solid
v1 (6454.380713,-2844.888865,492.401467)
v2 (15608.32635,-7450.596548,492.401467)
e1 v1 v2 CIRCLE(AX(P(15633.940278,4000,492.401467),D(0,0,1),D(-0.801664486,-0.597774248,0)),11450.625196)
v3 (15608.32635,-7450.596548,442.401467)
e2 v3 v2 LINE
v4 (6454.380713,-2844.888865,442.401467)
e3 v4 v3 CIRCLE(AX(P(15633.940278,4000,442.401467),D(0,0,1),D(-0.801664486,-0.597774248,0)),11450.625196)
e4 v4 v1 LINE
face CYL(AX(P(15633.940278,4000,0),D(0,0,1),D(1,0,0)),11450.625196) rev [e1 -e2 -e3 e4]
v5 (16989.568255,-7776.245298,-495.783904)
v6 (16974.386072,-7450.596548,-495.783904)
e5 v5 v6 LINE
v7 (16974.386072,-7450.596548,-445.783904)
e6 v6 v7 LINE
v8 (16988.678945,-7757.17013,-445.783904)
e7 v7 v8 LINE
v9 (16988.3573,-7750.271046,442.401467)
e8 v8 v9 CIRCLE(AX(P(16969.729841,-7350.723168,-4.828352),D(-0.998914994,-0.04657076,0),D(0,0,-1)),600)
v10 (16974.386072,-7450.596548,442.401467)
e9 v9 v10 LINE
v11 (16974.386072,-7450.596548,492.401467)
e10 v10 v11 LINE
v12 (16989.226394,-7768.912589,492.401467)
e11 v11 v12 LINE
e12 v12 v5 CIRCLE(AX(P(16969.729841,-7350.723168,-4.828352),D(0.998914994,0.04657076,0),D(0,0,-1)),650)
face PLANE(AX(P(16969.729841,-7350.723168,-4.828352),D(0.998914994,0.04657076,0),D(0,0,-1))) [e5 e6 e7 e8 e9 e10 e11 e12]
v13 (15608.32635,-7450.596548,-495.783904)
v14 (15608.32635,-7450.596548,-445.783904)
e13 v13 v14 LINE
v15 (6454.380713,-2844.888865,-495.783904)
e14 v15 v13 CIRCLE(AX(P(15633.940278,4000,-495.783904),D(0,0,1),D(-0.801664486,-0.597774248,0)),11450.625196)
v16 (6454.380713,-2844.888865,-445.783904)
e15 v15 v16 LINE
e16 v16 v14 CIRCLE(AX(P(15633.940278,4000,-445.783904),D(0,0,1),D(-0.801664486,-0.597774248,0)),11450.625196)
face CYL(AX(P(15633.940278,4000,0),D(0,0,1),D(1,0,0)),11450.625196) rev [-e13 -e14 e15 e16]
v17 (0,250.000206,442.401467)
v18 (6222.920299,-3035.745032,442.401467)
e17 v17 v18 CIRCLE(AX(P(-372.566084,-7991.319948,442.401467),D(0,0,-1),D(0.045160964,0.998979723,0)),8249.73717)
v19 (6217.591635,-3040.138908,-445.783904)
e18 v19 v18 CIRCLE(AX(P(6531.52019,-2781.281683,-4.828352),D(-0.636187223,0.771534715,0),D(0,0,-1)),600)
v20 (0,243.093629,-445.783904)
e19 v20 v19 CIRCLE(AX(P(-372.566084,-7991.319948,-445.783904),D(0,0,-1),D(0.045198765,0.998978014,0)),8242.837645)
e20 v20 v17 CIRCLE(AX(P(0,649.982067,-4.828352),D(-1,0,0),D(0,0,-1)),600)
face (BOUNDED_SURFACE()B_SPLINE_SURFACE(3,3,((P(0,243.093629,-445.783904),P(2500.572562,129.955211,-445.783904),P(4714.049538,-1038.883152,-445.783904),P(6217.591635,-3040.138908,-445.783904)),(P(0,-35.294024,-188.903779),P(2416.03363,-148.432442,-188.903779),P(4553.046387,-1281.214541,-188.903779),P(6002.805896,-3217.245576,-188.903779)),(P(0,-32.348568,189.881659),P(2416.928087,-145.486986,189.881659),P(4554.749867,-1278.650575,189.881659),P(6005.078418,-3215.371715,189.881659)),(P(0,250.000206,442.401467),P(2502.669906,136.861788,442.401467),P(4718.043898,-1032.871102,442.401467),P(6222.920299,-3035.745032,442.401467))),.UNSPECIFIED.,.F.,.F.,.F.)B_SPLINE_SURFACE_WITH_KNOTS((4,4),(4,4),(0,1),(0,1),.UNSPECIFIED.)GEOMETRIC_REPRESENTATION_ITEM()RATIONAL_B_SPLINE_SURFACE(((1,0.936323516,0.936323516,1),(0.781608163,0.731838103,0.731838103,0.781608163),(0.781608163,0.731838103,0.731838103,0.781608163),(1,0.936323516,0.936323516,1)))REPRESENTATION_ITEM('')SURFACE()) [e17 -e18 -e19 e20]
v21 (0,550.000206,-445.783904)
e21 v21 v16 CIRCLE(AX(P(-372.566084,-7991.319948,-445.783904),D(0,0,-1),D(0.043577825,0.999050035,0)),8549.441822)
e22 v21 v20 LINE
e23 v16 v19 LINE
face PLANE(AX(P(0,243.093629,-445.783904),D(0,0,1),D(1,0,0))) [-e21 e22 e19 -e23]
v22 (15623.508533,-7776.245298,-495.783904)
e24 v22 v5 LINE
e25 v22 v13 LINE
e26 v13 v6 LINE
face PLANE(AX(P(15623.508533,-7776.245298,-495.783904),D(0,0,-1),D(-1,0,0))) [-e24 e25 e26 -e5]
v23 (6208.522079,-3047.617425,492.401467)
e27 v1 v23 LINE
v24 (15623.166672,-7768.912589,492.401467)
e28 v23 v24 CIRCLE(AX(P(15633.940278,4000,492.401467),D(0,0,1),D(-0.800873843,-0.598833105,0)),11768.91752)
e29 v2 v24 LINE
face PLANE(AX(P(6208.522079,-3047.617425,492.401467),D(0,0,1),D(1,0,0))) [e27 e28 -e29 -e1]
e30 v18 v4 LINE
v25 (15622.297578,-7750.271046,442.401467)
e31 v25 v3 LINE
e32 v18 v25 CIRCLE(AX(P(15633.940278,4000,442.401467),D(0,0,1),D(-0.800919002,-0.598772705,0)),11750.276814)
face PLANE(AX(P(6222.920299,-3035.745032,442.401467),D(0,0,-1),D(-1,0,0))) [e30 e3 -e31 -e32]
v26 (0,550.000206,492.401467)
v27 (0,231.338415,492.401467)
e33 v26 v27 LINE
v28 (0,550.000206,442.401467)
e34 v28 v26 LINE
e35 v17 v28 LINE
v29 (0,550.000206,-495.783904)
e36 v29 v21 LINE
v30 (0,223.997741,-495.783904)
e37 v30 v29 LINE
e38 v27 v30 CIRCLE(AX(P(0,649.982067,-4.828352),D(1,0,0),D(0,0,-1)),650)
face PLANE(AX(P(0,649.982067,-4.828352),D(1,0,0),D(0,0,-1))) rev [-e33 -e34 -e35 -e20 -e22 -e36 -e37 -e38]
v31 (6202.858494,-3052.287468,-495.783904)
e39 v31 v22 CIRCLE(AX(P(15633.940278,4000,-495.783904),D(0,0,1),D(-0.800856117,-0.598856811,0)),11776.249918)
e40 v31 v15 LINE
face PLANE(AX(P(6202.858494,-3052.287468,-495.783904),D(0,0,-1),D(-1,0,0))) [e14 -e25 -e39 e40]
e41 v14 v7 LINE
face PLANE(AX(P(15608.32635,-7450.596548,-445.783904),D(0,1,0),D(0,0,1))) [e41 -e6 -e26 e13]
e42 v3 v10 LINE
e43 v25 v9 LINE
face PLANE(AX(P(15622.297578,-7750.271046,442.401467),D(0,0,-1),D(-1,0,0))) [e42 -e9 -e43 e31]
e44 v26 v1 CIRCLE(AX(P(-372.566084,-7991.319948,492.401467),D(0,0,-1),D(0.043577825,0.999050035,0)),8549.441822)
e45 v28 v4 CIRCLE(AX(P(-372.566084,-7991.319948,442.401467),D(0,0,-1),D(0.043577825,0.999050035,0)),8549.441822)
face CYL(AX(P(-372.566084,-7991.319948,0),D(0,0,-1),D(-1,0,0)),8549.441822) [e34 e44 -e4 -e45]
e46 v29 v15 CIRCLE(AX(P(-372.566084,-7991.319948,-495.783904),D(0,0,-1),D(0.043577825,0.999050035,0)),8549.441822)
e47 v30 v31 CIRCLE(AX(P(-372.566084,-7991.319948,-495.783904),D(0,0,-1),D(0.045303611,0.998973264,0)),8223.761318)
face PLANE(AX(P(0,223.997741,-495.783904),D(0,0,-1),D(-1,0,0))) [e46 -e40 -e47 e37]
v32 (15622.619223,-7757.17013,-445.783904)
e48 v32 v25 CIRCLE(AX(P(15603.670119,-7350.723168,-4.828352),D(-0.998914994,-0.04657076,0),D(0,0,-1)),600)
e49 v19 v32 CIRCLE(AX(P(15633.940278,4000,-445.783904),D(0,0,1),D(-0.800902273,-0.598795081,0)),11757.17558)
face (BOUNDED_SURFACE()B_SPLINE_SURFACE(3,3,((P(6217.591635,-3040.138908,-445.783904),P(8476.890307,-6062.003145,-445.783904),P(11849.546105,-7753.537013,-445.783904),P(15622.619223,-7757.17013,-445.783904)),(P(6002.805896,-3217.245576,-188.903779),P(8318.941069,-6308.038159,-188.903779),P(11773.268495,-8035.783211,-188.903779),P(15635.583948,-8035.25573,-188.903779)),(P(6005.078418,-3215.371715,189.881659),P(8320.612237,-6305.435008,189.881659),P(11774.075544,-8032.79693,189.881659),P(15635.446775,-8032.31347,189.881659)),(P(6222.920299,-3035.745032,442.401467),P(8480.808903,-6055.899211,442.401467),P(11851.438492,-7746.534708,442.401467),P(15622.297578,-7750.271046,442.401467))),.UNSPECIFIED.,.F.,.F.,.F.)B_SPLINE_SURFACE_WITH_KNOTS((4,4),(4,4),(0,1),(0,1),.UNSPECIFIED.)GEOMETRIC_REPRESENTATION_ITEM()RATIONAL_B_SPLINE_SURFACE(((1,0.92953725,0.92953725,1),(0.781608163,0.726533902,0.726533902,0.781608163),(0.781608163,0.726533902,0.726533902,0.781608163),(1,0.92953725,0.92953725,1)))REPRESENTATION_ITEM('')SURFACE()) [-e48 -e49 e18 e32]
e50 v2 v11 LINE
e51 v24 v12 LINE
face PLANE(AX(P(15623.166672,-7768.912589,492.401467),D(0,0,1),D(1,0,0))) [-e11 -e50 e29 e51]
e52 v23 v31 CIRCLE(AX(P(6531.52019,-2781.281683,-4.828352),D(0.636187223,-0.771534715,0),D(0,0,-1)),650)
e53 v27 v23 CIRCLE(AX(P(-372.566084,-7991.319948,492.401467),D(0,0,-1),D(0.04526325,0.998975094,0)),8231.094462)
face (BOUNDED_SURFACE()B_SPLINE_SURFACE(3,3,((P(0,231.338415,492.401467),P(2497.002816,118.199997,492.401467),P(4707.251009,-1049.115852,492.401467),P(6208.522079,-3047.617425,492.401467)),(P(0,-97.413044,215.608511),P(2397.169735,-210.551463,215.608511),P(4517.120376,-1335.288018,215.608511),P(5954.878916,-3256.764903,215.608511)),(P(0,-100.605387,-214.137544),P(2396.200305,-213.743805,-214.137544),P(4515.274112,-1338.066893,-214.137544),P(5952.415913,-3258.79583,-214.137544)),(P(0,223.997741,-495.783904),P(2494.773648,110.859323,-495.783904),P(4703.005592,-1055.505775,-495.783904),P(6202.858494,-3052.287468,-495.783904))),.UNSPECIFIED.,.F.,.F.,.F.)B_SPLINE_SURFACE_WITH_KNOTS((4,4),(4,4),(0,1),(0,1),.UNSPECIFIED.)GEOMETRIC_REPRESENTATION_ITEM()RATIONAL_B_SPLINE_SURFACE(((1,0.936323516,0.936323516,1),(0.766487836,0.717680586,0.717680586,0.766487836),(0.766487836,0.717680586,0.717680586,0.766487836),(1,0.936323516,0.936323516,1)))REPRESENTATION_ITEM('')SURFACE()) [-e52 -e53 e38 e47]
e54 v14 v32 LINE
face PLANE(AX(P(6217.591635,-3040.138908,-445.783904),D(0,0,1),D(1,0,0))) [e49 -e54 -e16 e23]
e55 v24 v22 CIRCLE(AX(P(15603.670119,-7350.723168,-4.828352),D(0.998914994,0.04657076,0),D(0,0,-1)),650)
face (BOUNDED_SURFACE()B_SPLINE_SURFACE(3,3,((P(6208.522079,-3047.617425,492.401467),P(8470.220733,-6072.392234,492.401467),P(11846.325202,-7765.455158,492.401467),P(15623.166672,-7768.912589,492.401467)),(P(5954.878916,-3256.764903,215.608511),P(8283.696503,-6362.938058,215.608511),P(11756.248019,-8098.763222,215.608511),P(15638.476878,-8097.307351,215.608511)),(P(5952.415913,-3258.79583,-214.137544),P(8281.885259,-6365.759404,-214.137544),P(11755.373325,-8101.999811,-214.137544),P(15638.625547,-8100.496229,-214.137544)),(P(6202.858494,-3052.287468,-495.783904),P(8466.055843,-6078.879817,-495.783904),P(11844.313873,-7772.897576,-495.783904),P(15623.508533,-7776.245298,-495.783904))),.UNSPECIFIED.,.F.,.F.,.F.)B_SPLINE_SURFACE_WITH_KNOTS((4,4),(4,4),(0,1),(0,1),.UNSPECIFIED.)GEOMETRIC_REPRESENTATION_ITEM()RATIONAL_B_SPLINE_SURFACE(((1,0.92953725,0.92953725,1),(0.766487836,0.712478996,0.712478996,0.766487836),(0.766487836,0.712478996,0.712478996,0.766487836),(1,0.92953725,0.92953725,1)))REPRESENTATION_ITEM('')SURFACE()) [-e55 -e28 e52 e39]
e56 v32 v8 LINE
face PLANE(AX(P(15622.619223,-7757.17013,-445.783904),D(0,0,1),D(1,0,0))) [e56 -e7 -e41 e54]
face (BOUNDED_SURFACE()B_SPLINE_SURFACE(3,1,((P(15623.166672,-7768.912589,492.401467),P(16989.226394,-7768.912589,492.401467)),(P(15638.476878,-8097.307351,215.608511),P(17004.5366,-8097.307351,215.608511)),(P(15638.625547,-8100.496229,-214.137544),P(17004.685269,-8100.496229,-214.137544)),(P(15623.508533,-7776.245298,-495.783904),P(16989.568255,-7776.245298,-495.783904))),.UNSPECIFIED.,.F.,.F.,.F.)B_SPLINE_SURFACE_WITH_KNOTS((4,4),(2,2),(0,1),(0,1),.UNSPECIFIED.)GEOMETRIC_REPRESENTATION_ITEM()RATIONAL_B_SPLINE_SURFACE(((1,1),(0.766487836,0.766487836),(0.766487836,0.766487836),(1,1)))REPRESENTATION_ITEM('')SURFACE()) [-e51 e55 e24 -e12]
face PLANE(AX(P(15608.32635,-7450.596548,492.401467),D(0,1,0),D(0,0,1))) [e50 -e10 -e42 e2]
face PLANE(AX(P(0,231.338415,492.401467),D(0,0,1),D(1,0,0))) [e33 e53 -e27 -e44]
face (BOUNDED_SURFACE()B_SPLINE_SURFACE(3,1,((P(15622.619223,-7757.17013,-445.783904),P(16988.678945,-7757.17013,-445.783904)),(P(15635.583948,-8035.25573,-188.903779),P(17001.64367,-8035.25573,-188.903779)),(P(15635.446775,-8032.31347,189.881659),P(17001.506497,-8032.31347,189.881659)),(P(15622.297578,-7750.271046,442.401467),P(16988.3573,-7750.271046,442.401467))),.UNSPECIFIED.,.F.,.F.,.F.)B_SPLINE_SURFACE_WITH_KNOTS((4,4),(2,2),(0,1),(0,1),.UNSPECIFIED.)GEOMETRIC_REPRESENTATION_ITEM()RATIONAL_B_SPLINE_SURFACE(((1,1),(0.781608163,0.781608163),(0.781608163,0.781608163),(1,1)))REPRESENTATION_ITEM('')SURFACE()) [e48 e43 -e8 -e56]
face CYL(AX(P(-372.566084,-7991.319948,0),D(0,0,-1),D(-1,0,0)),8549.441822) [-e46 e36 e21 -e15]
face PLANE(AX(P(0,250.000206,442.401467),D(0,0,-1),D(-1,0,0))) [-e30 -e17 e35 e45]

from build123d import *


with BuildPart() as part:
    # Sweep2: sweep along a path in Sketch6
    with BuildLine(Plane.XY) as sweep2_path:
        Line((17000, -8000), (15633.940277982, -8000))
        ThreePointArc((15633.940277982, -8000), (10264.466543366, -6731.670504319), (6030.036461066, -3194.791968878))
        ThreePointArc((6030.036461066, -3194.791968878), (3372.751181533, -922.189974512), (0, 0))
    # Sketch4 → Sweep2 (sweep)
    with BuildSketch(Plane(origin=(0, 0, 0), x_dir=(0, 0, -1), z_dir=(1, 0, 0))):
        with BuildLine():
            Line((-442.401467341, 250.000205972), (-442.401467341, 550.000205972))
            Line((-442.401467341, 550.000205972), (-492.401467341, 550.000205972))
            Line((-492.401467341, 550.000205972), (-492.401467341, 231.338415128))
            ThreePointArc((-492.401467341, 231.338415128), (0, 0), (495.783903942, 223.997740939))
            Line((495.783903942, 223.997740939), (495.783903942, 550.000205972))
            Line((495.783903942, 550.000205972), (445.783903942, 550.000205972))
            Line((445.783903942, 550.000205972), (445.783903942, 243.093628659))
            ThreePointArc((445.783903942, 243.093628659), (0.162860481, 50.000205972), (-442.401467341, 250.000205972))
        make_face()
    sweep(path=sweep2_path.line)


solid = part.part
